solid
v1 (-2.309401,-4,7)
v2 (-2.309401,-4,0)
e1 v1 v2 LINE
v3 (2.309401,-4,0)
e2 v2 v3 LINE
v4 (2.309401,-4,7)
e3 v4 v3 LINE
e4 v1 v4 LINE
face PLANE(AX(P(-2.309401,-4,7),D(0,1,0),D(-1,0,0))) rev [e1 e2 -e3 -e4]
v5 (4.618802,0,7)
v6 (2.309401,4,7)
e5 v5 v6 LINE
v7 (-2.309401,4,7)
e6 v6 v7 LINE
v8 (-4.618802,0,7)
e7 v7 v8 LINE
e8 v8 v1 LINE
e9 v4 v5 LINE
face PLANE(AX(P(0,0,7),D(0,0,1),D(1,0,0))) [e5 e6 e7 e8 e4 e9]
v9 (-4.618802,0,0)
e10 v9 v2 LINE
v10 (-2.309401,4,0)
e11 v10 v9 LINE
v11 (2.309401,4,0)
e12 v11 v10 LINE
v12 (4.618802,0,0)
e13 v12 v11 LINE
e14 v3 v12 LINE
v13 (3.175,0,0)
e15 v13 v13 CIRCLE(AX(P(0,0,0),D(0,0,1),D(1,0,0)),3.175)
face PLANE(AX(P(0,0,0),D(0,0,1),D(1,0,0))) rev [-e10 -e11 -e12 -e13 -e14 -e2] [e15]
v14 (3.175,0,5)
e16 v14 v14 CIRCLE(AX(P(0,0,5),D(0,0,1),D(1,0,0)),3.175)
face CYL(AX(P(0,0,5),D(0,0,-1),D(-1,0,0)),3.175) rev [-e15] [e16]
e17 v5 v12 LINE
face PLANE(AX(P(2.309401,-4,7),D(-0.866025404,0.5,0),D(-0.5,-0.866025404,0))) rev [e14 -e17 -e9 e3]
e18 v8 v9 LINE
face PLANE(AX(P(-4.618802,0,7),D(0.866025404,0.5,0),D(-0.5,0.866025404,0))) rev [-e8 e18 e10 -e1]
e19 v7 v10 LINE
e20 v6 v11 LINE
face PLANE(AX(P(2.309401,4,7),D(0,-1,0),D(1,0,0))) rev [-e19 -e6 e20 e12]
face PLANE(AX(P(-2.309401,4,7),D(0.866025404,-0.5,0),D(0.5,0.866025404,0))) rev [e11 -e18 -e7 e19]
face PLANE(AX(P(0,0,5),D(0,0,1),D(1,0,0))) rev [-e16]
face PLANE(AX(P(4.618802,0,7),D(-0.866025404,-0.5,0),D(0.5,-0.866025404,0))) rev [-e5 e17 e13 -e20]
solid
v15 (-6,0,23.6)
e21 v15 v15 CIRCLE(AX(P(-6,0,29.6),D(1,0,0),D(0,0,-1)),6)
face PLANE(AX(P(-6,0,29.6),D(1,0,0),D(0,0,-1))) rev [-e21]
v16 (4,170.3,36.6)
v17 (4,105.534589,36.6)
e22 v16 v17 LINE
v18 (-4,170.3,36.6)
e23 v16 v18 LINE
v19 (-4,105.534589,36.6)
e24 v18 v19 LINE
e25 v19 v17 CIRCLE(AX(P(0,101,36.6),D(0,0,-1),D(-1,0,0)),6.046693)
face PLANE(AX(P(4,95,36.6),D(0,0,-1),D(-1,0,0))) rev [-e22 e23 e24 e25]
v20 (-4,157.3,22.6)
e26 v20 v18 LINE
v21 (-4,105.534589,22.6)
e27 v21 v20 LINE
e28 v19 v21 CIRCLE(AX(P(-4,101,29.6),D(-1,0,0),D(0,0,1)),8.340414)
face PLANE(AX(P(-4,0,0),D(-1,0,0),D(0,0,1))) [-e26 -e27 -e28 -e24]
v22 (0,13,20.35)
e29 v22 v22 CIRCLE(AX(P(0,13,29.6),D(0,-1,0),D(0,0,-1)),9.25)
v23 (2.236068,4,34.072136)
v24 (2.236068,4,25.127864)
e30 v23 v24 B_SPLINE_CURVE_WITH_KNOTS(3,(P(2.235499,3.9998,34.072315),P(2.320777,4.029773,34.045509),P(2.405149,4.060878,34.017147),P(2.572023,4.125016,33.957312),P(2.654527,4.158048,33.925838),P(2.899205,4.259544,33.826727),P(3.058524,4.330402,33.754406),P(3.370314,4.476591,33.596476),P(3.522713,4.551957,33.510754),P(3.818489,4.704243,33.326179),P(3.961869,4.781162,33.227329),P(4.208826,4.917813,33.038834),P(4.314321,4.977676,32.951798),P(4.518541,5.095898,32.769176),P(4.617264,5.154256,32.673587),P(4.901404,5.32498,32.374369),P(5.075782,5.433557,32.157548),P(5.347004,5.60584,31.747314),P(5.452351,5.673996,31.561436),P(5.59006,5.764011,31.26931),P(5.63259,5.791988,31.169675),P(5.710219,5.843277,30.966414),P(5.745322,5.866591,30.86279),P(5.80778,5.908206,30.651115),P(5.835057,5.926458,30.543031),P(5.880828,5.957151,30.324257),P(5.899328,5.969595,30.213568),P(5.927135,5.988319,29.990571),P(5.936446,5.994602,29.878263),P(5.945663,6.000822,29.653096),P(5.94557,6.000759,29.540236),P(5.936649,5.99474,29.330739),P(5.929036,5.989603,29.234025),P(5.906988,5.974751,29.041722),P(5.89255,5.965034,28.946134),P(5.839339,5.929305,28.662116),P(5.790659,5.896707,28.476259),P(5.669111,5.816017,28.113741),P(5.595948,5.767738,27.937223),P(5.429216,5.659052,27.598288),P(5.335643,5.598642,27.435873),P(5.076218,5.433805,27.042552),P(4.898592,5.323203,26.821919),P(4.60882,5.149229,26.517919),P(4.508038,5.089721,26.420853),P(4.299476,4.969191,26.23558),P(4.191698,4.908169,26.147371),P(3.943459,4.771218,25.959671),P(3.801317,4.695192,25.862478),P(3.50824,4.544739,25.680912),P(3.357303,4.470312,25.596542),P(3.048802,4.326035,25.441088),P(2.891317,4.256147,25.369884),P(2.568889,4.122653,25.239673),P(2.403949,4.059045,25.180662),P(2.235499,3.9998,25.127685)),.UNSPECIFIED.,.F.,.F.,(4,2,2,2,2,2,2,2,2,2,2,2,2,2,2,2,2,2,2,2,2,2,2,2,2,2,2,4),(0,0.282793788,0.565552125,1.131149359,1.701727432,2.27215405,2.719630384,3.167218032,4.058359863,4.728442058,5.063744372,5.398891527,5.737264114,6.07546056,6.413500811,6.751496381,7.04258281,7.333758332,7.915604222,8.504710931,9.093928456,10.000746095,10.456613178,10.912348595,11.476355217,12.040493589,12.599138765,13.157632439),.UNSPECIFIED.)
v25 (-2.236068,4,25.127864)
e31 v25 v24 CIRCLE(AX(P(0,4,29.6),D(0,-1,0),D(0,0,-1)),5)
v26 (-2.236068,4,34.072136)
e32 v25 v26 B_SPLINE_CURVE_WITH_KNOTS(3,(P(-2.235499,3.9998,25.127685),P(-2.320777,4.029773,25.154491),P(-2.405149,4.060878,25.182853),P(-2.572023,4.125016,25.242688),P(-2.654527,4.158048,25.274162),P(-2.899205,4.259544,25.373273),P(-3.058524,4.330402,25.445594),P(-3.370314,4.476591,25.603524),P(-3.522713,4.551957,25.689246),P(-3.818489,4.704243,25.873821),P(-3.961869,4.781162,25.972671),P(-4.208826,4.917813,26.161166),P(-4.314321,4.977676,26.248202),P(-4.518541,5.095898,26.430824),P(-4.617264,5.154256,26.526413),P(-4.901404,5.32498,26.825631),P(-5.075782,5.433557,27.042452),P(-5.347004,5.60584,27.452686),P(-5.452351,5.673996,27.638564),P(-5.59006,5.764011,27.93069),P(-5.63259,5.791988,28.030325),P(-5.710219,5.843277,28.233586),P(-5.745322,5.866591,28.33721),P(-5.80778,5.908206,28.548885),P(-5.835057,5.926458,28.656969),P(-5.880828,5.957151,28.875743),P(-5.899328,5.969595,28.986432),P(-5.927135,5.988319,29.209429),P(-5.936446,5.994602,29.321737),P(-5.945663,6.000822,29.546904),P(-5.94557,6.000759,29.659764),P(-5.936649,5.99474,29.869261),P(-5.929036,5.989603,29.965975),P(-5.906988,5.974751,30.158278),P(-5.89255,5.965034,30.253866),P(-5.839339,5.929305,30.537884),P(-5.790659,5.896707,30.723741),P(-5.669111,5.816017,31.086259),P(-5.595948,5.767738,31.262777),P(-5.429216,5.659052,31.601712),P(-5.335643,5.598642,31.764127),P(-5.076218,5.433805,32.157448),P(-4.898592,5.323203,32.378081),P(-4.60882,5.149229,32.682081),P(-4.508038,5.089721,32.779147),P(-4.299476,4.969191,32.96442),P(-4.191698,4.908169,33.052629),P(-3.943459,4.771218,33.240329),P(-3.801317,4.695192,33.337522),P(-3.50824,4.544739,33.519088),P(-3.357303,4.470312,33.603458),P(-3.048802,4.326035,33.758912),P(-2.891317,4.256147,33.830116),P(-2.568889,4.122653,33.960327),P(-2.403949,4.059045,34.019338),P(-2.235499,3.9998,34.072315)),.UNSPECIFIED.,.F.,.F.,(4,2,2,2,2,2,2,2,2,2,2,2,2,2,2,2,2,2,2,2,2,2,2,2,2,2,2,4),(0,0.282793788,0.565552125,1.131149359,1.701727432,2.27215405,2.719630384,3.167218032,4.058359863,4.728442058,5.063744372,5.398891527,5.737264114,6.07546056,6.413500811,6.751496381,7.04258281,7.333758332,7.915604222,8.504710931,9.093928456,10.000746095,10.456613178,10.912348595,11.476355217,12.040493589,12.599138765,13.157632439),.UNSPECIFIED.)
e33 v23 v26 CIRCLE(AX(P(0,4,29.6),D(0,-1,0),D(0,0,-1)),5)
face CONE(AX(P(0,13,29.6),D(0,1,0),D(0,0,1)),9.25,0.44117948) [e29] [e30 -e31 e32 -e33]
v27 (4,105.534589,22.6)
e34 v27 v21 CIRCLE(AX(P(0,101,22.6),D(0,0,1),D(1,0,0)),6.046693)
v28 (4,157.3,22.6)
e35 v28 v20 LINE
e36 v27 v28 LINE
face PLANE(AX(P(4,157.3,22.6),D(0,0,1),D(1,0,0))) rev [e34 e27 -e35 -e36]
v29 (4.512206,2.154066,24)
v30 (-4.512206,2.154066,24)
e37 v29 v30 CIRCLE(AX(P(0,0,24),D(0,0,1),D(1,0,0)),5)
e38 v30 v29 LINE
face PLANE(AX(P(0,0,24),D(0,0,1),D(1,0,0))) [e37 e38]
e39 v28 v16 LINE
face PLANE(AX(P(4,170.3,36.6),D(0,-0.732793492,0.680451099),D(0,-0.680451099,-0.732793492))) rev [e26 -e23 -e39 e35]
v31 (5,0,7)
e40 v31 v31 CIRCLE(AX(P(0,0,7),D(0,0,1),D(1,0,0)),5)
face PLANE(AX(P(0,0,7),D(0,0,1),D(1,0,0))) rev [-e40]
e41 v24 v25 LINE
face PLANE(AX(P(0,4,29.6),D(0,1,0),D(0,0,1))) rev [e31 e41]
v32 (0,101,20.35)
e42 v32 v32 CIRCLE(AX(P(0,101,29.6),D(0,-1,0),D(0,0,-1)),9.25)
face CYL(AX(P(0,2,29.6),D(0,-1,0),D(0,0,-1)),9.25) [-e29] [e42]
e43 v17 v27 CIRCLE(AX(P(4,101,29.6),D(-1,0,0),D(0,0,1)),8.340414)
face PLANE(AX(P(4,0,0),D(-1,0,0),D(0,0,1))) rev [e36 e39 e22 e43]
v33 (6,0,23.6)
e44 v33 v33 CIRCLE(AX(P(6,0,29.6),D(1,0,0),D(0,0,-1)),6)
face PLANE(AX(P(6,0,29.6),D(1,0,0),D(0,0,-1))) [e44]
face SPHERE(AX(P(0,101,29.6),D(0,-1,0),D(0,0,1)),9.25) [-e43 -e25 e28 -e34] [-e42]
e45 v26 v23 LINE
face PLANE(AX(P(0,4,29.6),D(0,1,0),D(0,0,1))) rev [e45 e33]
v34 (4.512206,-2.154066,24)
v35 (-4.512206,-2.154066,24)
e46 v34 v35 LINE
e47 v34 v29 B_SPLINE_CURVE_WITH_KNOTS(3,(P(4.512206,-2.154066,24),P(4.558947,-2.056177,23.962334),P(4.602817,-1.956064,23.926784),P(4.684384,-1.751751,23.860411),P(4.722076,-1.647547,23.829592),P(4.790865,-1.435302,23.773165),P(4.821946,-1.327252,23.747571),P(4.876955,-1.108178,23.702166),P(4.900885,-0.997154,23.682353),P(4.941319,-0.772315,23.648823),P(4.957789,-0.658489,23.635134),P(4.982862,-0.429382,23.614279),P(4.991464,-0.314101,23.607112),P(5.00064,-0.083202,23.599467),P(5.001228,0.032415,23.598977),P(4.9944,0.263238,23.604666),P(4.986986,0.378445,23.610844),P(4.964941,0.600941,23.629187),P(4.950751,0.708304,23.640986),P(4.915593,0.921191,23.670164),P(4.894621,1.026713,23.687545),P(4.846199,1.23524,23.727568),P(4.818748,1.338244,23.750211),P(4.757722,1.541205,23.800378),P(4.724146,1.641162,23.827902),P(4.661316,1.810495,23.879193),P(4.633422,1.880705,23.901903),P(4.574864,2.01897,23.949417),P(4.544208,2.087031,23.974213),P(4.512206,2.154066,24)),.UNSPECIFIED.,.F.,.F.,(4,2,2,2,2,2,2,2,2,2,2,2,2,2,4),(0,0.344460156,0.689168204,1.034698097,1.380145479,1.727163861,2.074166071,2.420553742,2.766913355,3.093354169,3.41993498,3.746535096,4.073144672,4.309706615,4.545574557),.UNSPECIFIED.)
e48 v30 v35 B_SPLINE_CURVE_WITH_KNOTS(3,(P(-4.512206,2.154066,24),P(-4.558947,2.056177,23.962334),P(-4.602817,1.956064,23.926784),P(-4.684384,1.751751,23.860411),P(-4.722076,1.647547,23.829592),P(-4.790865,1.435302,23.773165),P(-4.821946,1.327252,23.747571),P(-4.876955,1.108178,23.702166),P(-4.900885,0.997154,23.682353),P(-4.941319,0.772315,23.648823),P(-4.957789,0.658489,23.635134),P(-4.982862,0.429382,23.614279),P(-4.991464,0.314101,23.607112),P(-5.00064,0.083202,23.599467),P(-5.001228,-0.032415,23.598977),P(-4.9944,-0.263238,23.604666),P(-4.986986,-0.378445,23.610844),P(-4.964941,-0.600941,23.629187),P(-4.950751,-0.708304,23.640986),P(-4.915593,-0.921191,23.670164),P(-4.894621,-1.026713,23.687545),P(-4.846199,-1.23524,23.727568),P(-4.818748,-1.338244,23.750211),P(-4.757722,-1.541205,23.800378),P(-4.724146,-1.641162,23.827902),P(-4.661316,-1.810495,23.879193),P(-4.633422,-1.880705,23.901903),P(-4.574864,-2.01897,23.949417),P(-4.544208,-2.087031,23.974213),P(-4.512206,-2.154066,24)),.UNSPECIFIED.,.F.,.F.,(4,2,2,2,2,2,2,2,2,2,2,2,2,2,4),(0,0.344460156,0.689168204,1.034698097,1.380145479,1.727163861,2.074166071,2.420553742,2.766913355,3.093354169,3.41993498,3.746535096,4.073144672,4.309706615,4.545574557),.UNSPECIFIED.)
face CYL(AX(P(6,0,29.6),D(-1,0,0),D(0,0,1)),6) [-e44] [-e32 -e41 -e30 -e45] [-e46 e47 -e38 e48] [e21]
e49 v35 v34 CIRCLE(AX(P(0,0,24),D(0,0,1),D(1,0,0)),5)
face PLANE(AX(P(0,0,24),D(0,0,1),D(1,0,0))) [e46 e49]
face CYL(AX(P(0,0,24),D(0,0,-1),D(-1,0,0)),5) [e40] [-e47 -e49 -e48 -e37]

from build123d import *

# Parameters (mm, degrees)
SMA_NUT_DEPTH        = 7
SKETCH2_R            = 3.175
SMA_BORE_DEPTH       = 5
SKETCH3_R            = 5
SLEEVE_DEPTH         = 17
SKETCH4_R            = 6
SWIVEL_KNUCKLE_DEPTH = 6
WHIP_BLADE_DEPTH     = 4


with BuildPart() as part:
    # Sketch1 → SMA_Nut (new body)
    with BuildSketch(Plane.XY):
        Polygon((4.618802154, 0), (2.309401077, 4), (-2.309401077, 4), (-4.618802154, 0), (-2.309401077, -4), (2.309401077, -4), align=None)
    extrude(amount=SMA_NUT_DEPTH)

    # Sketch2 → SMA_Bore (cut)
    with BuildSketch(Plane.XY):
        Circle(SKETCH2_R)
    extrude(amount=SMA_BORE_DEPTH, mode=Mode.SUBTRACT)


with BuildPart() as body_2:
    # Sketch3 → Sleeve (new body)
    with BuildSketch(Plane.XY.offset(7)):
        Circle(SKETCH3_R)
    extrude(amount=SLEEVE_DEPTH)

    # Sketch4 → Swivel_Knuckle (add, symmetric)
    with BuildSketch(Plane(origin=(0, 0, 0), x_dir=(0, 0, -1), z_dir=(1, 0, 0))):
        with Locations((-29.6, 0)):
            Circle(SKETCH4_R)
    extrude(amount=SWIVEL_KNUCKLE_DEPTH, both=True)

    # Sketch5 → Radome_Boot (revolve)
    with BuildSketch(Plane(origin=(0, 0, 0), x_dir=(0, 0, -1), z_dir=(1, 0, 0)), mode=Mode.PRIVATE) as radome_boot_sk:
        with BuildLine():
            Line((-29.6, 4), (-34.6, 4))
            Line((-34.6, 4), (-38.85, 13))
            Line((-38.85, 13), (-38.85, 101))
            ThreePointArc((-38.85, 101), (-36.140737726, 107.540737726), (-29.6, 110.25))
            Line((-29.6, 110.25), (-29.6, 4))
        make_face()
    revolve(radome_boot_sk.sketch.rotate(Axis((0, 2, 29.6), (0, 1, 0)), 333.434949116), axis=Axis((0, 2, 29.6), (0, 1, 0)))

    # Sketch6 → Whip_Blade (add, symmetric)
    with BuildSketch(Plane(origin=(0, 0, 0), x_dir=(0, 0, -1), z_dir=(1, 0, 0))):
        Polygon((-22.6, 95), (-36.6, 95), (-36.6, 170.3), (-22.6, 157.3), align=None)
    extrude(amount=WHIP_BLADE_DEPTH, both=True)


solid = Compound([part.part, body_2.part])
